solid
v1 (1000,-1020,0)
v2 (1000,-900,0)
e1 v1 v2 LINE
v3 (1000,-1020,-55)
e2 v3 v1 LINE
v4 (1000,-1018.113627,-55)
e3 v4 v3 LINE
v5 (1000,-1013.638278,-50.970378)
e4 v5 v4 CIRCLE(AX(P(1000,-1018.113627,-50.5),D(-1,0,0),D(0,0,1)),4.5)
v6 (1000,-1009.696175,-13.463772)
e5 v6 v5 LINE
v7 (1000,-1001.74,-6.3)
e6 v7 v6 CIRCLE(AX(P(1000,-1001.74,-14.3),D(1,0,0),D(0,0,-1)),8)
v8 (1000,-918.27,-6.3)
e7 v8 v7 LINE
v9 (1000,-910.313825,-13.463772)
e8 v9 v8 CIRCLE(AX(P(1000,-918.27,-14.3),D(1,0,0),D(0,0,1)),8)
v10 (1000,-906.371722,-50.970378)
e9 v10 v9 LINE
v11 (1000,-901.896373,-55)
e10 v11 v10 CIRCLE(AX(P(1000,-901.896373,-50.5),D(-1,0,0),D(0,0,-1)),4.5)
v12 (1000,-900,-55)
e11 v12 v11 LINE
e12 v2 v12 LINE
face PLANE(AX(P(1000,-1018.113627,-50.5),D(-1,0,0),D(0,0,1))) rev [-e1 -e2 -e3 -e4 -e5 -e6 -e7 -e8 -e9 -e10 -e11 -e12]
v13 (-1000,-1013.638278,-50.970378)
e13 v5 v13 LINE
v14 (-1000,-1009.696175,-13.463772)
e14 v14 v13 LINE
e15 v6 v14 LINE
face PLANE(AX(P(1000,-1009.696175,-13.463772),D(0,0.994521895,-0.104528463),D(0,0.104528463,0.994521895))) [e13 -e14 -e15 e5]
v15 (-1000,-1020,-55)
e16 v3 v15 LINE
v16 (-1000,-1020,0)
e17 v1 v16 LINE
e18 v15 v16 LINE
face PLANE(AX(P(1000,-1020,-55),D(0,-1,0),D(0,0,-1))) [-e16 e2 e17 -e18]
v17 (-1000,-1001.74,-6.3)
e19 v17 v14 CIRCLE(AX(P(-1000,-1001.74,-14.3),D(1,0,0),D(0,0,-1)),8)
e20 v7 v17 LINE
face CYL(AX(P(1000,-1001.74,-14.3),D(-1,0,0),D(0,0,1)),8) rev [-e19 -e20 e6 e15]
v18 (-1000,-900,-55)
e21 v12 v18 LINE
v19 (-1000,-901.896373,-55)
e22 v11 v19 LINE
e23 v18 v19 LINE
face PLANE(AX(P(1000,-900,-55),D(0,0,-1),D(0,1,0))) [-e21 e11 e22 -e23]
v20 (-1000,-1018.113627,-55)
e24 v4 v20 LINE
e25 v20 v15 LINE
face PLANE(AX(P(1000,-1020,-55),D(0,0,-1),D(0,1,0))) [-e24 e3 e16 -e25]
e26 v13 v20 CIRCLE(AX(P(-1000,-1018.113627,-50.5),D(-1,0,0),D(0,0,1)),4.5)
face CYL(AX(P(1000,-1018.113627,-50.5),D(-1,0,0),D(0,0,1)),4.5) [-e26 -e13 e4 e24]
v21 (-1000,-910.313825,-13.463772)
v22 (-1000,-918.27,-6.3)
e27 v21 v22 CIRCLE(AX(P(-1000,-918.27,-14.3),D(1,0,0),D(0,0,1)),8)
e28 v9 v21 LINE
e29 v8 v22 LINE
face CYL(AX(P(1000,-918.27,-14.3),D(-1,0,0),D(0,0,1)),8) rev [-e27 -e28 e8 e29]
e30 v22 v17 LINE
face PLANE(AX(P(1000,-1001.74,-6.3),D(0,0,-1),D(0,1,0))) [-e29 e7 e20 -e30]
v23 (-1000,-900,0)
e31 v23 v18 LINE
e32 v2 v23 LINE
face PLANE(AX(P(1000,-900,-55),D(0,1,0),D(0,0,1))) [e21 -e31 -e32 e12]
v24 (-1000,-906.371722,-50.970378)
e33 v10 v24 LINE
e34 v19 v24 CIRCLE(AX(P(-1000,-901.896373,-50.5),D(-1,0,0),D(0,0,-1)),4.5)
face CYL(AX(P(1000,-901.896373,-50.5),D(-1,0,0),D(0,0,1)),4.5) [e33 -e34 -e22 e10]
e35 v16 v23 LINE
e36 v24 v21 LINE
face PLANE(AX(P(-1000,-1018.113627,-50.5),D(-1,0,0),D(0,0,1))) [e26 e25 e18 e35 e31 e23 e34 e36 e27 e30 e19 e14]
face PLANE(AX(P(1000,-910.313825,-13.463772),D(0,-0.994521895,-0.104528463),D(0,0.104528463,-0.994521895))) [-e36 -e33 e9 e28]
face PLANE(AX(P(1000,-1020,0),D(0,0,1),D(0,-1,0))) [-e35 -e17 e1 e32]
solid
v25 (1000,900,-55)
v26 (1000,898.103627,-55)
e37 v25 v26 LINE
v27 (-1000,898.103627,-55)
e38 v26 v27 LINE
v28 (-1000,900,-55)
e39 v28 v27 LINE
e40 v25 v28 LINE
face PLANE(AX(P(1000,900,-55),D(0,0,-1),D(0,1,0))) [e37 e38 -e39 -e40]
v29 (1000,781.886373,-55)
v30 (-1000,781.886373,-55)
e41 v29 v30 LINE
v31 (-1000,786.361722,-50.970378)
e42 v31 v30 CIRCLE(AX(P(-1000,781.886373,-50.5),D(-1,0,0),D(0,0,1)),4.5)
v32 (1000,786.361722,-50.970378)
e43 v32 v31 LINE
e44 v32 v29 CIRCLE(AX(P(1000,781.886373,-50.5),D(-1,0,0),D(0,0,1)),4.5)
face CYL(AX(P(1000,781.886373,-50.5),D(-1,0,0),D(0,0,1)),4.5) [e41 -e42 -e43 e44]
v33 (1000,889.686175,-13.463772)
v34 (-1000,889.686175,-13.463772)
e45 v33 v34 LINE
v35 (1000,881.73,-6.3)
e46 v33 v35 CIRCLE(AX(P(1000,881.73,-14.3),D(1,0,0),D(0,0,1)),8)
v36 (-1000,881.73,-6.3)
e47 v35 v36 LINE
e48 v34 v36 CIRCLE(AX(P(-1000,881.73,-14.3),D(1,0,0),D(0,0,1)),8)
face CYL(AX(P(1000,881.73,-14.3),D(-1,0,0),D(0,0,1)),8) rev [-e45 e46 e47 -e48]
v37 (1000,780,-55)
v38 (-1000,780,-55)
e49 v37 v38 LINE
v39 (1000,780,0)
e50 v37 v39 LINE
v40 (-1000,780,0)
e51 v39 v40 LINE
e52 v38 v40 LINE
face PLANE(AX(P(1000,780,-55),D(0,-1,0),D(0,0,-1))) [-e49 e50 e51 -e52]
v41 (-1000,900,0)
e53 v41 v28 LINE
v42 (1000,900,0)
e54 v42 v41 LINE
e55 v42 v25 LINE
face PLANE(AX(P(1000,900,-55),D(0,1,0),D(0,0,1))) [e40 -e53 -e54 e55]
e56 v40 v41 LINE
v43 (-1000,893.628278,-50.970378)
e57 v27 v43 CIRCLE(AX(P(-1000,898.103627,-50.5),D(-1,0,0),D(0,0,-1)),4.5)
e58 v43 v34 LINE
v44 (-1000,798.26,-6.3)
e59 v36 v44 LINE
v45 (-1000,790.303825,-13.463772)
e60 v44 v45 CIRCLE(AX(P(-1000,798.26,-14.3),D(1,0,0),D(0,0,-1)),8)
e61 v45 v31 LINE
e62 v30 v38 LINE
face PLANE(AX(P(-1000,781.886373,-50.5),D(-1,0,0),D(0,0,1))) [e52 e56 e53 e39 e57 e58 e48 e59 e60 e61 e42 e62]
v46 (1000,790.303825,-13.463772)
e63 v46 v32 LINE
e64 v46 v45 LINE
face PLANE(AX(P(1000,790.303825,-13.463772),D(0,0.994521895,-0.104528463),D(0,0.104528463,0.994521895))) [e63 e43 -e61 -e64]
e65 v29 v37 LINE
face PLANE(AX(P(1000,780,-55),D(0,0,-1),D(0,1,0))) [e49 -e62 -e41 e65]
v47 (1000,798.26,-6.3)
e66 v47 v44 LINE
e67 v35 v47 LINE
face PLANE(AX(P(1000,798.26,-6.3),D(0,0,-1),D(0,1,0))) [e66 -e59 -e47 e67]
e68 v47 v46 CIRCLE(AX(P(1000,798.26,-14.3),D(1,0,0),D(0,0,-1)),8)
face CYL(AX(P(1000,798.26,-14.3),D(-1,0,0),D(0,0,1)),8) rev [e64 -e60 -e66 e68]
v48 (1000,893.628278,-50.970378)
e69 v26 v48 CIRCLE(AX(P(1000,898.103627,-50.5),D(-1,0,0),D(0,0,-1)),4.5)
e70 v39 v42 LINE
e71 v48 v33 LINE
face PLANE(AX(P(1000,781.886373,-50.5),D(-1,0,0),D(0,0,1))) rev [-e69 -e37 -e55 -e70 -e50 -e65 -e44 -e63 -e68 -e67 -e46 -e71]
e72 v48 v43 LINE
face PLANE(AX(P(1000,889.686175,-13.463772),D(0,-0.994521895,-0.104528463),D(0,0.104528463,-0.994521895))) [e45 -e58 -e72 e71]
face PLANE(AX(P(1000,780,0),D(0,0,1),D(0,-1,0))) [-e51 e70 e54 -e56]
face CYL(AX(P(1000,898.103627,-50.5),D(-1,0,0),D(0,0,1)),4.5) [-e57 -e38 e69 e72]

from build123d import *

# Parameters (mm, degrees)
MIEMBRO_ESTRUCTURAL1_DEPTH   = 2000
MIEMBRO_ESTRUCTURAL1_2_DEPTH = 2000


with BuildPart() as part:
    # Sketch1 → Miembro estructural1 (new body)
    with BuildSketch(Plane(origin=(-1000, 900, 0), x_dir=(0, 0, -1), z_dir=(-1, 0, 0))):
        with BuildLine():
            Line((55, 120), (0, 120))
            Line((0, 120), (0, 0))
            Line((0, 0), (55, 0))
            Line((55, 0), (55, 1.896373189))
            ThreePointArc((55, 1.896373189), (53.844151715, 4.907460917), (50.970378085, 6.371721718))
            Line((50.970378085, 6.371721718), (13.463772294, 10.313824837))
            ThreePointArc((13.463772294, 10.313824837), (8.354841396, 12.916955149), (6.3, 18.27))
            Line((6.3, 18.27), (6.3, 101.74))
            ThreePointArc((6.3, 101.74), (8.354841396, 107.093044851), (13.463772294, 109.696175163))
            Line((13.463772294, 109.696175163), (50.970378085, 113.638278282))
            ThreePointArc((50.970378085, 113.638278282), (53.844151715, 115.102539083), (55, 118.113626811))
            Line((55, 118.113626811), (55, 120))
        make_face()
    extrude(amount=-MIEMBRO_ESTRUCTURAL1_DEPTH)


with BuildPart() as body_2:
    # Sketch1 on segment 2 (carried to segment 2) → Miembro estructural1 2 (new body)
    with BuildSketch(Plane(origin=(1000, -900, 0), x_dir=(0, 0, -1), z_dir=(-1, 0, 0))):
        with BuildLine():
            Line((55, 120), (0, 120))
            Line((0, 120), (0, 0))
            Line((0, 0), (55, 0))
            Line((55, 0), (55, 1.896373189))
            ThreePointArc((55, 1.896373189), (53.844151715, 4.907460917), (50.970378085, 6.371721718))
            Line((50.970378085, 6.371721718), (13.463772294, 10.313824837))
            ThreePointArc((13.463772294, 10.313824837), (8.354841396, 12.916955149), (6.3, 18.27))
            Line((6.3, 18.27), (6.3, 101.74))
            ThreePointArc((6.3, 101.74), (8.354841396, 107.093044851), (13.463772294, 109.696175163))
            Line((13.463772294, 109.696175163), (50.970378085, 113.638278282))
            ThreePointArc((50.970378085, 113.638278282), (53.844151715, 115.102539083), (55, 118.113626811))
            Line((55, 118.113626811), (55, 120))
        make_face()
    extrude(amount=MIEMBRO_ESTRUCTURAL1_2_DEPTH)


solid = Compound([part.part, body_2.part])
